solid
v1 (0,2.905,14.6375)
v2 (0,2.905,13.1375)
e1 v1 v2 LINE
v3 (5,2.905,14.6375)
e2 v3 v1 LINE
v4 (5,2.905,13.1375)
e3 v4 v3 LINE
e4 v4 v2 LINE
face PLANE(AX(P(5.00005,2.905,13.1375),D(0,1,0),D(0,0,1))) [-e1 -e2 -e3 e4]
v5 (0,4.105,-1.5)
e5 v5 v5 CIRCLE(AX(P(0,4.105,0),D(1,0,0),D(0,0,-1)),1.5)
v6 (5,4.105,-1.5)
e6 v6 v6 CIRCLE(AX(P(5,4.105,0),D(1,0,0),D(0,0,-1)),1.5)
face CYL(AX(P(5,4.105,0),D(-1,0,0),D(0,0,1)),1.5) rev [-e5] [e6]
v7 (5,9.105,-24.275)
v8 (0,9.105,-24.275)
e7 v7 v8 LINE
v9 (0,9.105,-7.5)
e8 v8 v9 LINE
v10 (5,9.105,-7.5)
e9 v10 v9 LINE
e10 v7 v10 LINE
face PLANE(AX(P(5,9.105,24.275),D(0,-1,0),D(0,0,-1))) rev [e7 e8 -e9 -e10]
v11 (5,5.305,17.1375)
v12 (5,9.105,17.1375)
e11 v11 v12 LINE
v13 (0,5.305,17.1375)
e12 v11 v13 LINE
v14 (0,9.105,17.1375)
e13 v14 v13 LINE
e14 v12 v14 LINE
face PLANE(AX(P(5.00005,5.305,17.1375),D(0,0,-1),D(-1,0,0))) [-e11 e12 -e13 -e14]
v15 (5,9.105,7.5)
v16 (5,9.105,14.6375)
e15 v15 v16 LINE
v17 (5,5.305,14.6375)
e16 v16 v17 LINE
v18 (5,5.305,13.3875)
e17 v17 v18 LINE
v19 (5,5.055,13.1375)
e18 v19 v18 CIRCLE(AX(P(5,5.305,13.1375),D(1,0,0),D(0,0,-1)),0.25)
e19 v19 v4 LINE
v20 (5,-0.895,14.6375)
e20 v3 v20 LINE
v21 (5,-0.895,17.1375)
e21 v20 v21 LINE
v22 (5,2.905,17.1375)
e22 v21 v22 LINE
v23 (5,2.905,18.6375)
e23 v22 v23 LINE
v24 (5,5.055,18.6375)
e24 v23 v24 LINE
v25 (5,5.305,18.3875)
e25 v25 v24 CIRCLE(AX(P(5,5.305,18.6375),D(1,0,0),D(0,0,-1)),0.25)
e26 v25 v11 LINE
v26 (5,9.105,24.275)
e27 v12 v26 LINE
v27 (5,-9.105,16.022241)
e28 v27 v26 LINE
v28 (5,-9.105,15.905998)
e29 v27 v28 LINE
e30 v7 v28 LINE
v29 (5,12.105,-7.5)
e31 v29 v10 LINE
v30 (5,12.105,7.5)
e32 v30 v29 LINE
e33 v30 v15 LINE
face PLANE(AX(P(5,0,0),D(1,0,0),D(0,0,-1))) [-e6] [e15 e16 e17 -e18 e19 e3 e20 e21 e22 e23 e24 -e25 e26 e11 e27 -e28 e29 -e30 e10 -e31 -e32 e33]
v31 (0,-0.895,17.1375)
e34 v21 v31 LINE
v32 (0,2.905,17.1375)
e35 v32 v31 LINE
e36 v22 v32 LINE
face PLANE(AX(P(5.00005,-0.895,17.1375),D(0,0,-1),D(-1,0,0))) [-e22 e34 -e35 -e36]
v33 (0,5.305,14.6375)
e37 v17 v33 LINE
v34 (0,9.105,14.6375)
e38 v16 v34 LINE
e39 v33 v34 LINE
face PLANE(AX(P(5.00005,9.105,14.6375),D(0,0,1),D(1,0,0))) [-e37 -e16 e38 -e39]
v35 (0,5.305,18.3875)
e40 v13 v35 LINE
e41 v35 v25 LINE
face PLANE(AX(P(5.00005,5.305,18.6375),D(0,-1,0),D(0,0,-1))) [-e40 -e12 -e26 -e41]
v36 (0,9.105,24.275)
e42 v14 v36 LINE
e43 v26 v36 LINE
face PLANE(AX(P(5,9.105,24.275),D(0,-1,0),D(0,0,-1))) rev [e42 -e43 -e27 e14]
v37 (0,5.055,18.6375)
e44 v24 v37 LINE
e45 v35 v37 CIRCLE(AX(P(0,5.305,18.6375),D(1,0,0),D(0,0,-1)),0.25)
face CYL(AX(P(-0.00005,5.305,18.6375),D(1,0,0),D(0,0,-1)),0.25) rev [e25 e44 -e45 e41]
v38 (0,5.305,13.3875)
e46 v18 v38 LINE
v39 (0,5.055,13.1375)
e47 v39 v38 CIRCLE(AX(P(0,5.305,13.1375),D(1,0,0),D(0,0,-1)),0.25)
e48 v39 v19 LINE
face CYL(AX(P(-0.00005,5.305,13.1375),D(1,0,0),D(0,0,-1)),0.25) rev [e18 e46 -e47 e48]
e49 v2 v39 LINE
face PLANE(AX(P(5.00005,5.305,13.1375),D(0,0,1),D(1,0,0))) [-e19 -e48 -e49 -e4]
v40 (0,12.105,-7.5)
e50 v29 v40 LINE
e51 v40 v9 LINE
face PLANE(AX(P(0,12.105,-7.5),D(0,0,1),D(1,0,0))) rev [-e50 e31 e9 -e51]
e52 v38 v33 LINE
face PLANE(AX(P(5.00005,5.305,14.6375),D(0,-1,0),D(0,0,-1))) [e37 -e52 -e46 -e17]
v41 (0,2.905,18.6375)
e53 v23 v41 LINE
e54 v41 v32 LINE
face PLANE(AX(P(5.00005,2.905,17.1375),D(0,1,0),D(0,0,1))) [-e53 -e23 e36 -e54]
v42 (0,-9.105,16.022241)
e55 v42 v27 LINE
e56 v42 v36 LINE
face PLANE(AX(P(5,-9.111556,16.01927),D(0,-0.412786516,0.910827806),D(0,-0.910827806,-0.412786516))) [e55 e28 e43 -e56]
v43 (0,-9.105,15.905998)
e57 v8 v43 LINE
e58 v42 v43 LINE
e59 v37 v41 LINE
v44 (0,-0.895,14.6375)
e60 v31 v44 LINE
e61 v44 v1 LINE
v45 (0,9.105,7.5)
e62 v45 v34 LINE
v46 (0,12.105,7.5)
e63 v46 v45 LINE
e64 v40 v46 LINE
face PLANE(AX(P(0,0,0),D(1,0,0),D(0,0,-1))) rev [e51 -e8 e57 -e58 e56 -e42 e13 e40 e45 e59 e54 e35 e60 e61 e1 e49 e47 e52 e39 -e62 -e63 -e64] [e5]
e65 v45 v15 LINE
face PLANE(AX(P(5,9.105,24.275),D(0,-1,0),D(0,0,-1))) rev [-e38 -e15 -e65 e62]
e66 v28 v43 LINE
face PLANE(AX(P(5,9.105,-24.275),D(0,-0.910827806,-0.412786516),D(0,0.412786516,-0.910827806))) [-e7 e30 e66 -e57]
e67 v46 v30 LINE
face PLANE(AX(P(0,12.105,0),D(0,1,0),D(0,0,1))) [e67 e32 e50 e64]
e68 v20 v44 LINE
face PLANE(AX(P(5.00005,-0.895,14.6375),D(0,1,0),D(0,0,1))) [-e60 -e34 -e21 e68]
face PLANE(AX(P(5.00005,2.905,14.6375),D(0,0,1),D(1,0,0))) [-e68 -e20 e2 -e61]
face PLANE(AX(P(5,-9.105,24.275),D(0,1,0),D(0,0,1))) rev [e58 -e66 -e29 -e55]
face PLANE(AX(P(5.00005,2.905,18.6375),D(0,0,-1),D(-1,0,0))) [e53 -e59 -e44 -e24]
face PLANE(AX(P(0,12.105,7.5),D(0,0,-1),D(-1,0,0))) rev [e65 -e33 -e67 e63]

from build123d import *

# Parameters (mm, degrees)
SCHIZZO1_W                   = 48.55
SCHIZZO1_H                   = 18.21
ESTRUSIONE_ESTRUSIONE1_DEPTH = 5
TAGLIO_ESTRUSIONE1_DEPTH     = 6
SCHIZZO3_R                   = 1.5
TAGLIO_ESTRUSIONE2_DEPTH     = 6
SCHIZZO4_W                   = 5
SCHIZZO4_H                   = 15
ESTRUSIONE_ESTRUSIONE2_DEPTH = 3
TAGLIO_ESTRUSIONE3_DEPTH     = 6
SCHIZZO7_R                   = 0.25
TAGLIO_ESTRUSIONE4_DEPTH     = 6


with BuildPart() as part:
    # Schizzo1 → Estrusione-Estrusione1 (new body)
    with BuildSketch(Plane(origin=(0, 0, 0), x_dir=(0, 0, -1), z_dir=(1, 0, 0))):
        Rectangle(SCHIZZO1_W, SCHIZZO1_H)
    extrude(amount=ESTRUSIONE_ESTRUSIONE1_DEPTH)

    # Schizzo2 → Taglio-Estrusione1 (cut, through all)
    with BuildSketch(Plane(origin=(0, 0, 0), x_dir=(0, 0, -1), z_dir=(1, 0, 0))):
        Polygon((24.275, 9.105), (-15.905998409, -9.105), (24.275, -9.105), align=None)
        Polygon((-24.275, 9.105), (-24.275, -9.105), (-16.019269678, -9.111556119), align=None)
    extrude(amount=TAGLIO_ESTRUSIONE1_DEPTH, mode=Mode.SUBTRACT)

    # Schizzo3 → Taglio-Estrusione2 (cut, through all)
    with BuildSketch(Plane(origin=(0, 0, 0), x_dir=(0, 0, -1), z_dir=(1, 0, 0))):
        with Locations((0, 4.105)):
            Circle(SCHIZZO3_R)
    extrude(amount=TAGLIO_ESTRUSIONE2_DEPTH, mode=Mode.SUBTRACT)

    # Schizzo4 → Estrusione-Estrusione2 (add)
    with BuildSketch(Plane(origin=(0, 9.105, 0), x_dir=(1, 0, 0), z_dir=(0, 1, 0))):
        with Locations((2.5, 0)):
            Rectangle(SCHIZZO4_W, SCHIZZO4_H)
    extrude(amount=ESTRUSIONE_ESTRUSIONE2_DEPTH)

    # Schizzo6 → Taglio-Estrusione3 (cut, through all)
    with BuildSketch(Plane(origin=(0, 0, 0), x_dir=(0, 0, -1), z_dir=(1, 0, 0))):
        Polygon((-17.1375, -0.895), (-17.1375, 2.905), (-18.6375, 2.905), (-18.6375, 5.305), (-17.1375, 5.305), (-17.1375, 9.105), (-14.6375, 9.105), (-14.6375, 5.305), (-13.1375, 5.305), (-13.1375, 2.905), (-14.6375, 2.905), (-14.6375, -0.895), align=None)
    extrude(amount=TAGLIO_ESTRUSIONE3_DEPTH, mode=Mode.SUBTRACT)

    # Schizzo7 → Taglio-Estrusione4 (cut, through all)
    with BuildSketch(Plane(origin=(5, 0, 0), x_dir=(0, 0, -1), z_dir=(1, 0, 0))):
        with Locations((-18.6375, 5.305)):
            Circle(SCHIZZO7_R)
        with Locations((-13.1375, 5.305)):
            Circle(SCHIZZO7_R)
    extrude(amount=-TAGLIO_ESTRUSIONE4_DEPTH, mode=Mode.SUBTRACT)


solid = part.part
